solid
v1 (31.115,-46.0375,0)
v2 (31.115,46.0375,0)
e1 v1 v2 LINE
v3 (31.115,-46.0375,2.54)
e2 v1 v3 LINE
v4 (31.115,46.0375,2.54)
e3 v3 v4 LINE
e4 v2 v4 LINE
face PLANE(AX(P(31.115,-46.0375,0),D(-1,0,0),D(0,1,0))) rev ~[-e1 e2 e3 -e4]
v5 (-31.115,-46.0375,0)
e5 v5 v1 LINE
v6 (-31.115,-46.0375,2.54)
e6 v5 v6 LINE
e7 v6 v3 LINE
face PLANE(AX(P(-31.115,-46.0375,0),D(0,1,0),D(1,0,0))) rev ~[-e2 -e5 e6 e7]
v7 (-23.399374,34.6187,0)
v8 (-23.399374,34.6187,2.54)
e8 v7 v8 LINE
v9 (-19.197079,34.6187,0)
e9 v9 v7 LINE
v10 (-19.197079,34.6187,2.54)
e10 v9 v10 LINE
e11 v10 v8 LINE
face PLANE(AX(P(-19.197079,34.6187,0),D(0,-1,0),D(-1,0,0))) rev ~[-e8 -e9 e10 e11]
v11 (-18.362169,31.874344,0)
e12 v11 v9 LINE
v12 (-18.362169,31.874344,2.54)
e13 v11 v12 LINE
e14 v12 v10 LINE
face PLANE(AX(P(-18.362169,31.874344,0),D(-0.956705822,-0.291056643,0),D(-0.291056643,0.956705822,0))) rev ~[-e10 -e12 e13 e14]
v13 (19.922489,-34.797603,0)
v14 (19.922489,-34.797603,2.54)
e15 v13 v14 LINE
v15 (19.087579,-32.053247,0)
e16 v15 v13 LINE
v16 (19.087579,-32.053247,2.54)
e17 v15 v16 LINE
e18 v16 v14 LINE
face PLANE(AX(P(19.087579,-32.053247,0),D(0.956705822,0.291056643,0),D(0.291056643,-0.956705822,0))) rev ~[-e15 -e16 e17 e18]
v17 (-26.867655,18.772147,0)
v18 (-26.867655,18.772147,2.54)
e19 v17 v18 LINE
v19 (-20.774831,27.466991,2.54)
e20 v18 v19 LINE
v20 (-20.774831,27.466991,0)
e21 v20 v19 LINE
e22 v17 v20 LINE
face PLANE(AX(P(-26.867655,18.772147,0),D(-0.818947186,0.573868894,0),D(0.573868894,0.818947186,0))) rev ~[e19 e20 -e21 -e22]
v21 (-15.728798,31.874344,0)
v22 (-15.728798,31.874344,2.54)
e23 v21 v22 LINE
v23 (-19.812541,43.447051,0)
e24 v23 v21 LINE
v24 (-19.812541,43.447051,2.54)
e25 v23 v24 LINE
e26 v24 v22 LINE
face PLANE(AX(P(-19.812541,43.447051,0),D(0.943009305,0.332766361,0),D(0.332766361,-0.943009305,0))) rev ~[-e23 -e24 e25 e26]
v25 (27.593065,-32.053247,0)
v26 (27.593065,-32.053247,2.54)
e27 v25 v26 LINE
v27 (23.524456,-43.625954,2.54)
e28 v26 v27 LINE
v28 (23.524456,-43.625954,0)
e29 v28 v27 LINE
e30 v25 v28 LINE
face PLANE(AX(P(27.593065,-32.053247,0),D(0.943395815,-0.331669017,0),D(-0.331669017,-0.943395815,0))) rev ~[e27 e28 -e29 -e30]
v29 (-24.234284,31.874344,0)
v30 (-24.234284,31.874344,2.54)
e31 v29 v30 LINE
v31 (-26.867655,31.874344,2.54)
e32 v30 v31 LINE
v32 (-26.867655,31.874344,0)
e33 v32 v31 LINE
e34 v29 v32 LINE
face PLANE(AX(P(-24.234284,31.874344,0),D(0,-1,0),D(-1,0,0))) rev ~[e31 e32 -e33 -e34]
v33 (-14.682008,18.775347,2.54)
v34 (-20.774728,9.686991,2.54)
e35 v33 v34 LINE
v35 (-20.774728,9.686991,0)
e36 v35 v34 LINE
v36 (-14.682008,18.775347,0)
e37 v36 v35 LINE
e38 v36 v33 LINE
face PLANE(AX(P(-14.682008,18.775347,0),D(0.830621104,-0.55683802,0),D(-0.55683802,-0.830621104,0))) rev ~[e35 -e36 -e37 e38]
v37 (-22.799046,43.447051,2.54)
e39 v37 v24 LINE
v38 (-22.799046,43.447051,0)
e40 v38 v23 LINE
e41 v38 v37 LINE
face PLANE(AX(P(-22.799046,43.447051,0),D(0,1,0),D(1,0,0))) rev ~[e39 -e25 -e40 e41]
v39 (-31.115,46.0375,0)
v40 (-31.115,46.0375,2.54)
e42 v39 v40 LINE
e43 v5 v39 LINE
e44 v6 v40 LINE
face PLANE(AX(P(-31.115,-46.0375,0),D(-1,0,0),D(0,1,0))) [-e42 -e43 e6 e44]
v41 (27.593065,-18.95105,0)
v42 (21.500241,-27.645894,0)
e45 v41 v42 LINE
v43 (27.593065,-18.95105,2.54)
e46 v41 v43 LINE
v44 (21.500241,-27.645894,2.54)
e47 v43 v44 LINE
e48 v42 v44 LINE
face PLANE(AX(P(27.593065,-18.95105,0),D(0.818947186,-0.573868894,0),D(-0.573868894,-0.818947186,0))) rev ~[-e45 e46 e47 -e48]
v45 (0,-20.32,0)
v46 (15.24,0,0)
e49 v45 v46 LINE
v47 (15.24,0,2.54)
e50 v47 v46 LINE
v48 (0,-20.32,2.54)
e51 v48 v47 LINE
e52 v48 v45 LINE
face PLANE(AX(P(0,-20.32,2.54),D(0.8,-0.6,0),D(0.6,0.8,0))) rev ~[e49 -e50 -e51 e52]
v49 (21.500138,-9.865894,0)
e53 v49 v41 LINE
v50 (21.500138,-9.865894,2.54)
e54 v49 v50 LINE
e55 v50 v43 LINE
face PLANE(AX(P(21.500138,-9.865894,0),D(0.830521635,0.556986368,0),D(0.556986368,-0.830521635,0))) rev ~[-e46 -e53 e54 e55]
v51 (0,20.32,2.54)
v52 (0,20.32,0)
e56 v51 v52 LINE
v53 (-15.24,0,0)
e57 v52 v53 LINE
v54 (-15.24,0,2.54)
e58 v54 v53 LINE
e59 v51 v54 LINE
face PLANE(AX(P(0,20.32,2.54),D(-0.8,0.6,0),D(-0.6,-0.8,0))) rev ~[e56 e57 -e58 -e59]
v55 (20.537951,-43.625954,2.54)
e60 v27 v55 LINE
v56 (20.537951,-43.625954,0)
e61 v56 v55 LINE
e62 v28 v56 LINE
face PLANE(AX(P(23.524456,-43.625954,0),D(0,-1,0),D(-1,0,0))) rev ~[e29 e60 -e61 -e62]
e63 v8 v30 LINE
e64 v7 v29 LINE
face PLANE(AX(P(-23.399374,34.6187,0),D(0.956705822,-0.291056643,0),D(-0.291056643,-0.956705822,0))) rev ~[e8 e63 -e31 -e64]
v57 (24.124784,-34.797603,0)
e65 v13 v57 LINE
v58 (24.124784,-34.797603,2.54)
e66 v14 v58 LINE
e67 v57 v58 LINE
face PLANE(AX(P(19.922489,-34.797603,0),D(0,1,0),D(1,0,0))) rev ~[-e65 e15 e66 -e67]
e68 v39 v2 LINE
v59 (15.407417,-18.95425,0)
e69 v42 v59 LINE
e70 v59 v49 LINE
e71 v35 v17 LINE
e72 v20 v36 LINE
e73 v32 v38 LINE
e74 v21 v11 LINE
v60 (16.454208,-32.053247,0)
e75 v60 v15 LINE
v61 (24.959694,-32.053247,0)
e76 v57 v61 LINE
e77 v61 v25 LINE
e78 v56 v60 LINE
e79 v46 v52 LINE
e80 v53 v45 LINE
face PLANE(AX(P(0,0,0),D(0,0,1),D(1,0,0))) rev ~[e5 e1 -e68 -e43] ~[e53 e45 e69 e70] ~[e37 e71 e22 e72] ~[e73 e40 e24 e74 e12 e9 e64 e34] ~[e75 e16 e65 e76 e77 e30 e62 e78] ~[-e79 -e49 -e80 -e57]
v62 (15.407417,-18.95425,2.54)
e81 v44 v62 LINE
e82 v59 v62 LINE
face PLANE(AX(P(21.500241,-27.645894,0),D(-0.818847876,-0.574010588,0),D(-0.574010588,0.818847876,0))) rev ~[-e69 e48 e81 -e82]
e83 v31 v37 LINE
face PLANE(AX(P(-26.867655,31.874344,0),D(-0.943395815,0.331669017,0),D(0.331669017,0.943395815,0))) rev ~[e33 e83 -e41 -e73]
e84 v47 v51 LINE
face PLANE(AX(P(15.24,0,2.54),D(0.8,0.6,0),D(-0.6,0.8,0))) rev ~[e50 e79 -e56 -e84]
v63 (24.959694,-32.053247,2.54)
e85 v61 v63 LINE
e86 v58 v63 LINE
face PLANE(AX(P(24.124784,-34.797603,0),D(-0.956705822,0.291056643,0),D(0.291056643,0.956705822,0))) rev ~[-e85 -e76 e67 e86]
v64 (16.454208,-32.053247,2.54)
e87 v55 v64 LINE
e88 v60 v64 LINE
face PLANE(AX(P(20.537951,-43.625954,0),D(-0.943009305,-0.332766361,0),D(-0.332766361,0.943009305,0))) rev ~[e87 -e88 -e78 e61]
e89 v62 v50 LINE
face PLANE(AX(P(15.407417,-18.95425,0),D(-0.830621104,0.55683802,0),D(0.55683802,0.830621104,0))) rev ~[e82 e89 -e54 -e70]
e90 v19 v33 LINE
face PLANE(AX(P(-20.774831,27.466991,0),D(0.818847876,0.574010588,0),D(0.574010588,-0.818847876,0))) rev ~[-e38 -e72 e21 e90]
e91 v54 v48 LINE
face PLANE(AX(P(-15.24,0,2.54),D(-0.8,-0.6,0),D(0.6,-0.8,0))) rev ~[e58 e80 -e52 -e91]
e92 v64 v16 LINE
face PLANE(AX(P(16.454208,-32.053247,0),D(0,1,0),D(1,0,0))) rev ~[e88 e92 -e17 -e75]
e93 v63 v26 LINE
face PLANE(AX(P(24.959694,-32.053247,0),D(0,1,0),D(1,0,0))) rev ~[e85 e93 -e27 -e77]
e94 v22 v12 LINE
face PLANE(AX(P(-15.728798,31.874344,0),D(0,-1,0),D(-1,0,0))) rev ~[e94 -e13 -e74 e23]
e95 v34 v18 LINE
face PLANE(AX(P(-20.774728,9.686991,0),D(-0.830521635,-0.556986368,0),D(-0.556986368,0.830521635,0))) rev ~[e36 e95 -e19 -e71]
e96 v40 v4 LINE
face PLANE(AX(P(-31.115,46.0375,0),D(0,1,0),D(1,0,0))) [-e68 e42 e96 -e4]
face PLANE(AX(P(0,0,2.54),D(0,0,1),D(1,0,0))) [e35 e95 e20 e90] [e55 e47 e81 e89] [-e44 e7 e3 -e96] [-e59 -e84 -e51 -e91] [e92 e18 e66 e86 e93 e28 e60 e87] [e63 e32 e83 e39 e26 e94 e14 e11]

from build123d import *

# Parameters (mm, degrees)
F0_W     = 62.23
F0_H     = 92.075
F1_DEPTH = 2.54
F3_DEPTH = 12.7


with BuildPart() as f1:
    # F0 (on Top) → F1 (new body)
    with BuildSketch(Plane.XY):
        Rectangle(F0_W, F0_H)
        Polygon((16.454207646, -32.053246701), (19.0875787672, -32.053246701), (19.9224885766, -34.7976028119), (24.1247838715, -34.7976028119), (24.9596936809, -32.053246701), (27.5930648021, -32.053246701), (23.5244559722, -43.6259542716), (20.5379507927, -43.6259542716), align=None, mode=Mode.SUBTRACT)
        Polygon((21.5002411018, -27.6458942917), (15.4074174015, -18.9542501874), (21.5001377497, -9.865894292), (27.5930648021, -18.951049739), align=None, mode=Mode.SUBTRACT)
        Polygon((-20.7748314368, 27.466991376), (-14.6820077366, 18.7753472716), (-20.7747280847, 9.6869913763), (-26.8676551371, 18.7721468232), align=None, mode=Mode.SUBTRACT)
        Polygon((-15.7287979811, 31.8743437853), (-18.3621691022, 31.8743437853), (-19.1970789117, 34.6186998962), (-23.3993742065, 34.6186998962), (-24.234284016, 31.8743437853), (-26.8676551371, 31.8743437853), (-22.7990463072, 43.4470513559), (-19.8125411277, 43.4470513559), align=None, mode=Mode.SUBTRACT)
    extrude(amount=F1_DEPTH)

    # F2 (on face) → F3 (cut)
    with BuildSketch(Plane.XY.offset(2.54)):
        Polygon((0, 0), (0, -20.32), (15.24, 0), align=None)
        Polygon((-15.24, 0), (0, -20.32), (0, 0), align=None)
        Polygon((0, 0), (15.24, 0), (0, 20.32), align=None)
        Polygon((0, 20.32), (-15.24, 0), (0, 0), align=None)
    extrude(amount=-F3_DEPTH, mode=Mode.SUBTRACT)


solid = f1.part
